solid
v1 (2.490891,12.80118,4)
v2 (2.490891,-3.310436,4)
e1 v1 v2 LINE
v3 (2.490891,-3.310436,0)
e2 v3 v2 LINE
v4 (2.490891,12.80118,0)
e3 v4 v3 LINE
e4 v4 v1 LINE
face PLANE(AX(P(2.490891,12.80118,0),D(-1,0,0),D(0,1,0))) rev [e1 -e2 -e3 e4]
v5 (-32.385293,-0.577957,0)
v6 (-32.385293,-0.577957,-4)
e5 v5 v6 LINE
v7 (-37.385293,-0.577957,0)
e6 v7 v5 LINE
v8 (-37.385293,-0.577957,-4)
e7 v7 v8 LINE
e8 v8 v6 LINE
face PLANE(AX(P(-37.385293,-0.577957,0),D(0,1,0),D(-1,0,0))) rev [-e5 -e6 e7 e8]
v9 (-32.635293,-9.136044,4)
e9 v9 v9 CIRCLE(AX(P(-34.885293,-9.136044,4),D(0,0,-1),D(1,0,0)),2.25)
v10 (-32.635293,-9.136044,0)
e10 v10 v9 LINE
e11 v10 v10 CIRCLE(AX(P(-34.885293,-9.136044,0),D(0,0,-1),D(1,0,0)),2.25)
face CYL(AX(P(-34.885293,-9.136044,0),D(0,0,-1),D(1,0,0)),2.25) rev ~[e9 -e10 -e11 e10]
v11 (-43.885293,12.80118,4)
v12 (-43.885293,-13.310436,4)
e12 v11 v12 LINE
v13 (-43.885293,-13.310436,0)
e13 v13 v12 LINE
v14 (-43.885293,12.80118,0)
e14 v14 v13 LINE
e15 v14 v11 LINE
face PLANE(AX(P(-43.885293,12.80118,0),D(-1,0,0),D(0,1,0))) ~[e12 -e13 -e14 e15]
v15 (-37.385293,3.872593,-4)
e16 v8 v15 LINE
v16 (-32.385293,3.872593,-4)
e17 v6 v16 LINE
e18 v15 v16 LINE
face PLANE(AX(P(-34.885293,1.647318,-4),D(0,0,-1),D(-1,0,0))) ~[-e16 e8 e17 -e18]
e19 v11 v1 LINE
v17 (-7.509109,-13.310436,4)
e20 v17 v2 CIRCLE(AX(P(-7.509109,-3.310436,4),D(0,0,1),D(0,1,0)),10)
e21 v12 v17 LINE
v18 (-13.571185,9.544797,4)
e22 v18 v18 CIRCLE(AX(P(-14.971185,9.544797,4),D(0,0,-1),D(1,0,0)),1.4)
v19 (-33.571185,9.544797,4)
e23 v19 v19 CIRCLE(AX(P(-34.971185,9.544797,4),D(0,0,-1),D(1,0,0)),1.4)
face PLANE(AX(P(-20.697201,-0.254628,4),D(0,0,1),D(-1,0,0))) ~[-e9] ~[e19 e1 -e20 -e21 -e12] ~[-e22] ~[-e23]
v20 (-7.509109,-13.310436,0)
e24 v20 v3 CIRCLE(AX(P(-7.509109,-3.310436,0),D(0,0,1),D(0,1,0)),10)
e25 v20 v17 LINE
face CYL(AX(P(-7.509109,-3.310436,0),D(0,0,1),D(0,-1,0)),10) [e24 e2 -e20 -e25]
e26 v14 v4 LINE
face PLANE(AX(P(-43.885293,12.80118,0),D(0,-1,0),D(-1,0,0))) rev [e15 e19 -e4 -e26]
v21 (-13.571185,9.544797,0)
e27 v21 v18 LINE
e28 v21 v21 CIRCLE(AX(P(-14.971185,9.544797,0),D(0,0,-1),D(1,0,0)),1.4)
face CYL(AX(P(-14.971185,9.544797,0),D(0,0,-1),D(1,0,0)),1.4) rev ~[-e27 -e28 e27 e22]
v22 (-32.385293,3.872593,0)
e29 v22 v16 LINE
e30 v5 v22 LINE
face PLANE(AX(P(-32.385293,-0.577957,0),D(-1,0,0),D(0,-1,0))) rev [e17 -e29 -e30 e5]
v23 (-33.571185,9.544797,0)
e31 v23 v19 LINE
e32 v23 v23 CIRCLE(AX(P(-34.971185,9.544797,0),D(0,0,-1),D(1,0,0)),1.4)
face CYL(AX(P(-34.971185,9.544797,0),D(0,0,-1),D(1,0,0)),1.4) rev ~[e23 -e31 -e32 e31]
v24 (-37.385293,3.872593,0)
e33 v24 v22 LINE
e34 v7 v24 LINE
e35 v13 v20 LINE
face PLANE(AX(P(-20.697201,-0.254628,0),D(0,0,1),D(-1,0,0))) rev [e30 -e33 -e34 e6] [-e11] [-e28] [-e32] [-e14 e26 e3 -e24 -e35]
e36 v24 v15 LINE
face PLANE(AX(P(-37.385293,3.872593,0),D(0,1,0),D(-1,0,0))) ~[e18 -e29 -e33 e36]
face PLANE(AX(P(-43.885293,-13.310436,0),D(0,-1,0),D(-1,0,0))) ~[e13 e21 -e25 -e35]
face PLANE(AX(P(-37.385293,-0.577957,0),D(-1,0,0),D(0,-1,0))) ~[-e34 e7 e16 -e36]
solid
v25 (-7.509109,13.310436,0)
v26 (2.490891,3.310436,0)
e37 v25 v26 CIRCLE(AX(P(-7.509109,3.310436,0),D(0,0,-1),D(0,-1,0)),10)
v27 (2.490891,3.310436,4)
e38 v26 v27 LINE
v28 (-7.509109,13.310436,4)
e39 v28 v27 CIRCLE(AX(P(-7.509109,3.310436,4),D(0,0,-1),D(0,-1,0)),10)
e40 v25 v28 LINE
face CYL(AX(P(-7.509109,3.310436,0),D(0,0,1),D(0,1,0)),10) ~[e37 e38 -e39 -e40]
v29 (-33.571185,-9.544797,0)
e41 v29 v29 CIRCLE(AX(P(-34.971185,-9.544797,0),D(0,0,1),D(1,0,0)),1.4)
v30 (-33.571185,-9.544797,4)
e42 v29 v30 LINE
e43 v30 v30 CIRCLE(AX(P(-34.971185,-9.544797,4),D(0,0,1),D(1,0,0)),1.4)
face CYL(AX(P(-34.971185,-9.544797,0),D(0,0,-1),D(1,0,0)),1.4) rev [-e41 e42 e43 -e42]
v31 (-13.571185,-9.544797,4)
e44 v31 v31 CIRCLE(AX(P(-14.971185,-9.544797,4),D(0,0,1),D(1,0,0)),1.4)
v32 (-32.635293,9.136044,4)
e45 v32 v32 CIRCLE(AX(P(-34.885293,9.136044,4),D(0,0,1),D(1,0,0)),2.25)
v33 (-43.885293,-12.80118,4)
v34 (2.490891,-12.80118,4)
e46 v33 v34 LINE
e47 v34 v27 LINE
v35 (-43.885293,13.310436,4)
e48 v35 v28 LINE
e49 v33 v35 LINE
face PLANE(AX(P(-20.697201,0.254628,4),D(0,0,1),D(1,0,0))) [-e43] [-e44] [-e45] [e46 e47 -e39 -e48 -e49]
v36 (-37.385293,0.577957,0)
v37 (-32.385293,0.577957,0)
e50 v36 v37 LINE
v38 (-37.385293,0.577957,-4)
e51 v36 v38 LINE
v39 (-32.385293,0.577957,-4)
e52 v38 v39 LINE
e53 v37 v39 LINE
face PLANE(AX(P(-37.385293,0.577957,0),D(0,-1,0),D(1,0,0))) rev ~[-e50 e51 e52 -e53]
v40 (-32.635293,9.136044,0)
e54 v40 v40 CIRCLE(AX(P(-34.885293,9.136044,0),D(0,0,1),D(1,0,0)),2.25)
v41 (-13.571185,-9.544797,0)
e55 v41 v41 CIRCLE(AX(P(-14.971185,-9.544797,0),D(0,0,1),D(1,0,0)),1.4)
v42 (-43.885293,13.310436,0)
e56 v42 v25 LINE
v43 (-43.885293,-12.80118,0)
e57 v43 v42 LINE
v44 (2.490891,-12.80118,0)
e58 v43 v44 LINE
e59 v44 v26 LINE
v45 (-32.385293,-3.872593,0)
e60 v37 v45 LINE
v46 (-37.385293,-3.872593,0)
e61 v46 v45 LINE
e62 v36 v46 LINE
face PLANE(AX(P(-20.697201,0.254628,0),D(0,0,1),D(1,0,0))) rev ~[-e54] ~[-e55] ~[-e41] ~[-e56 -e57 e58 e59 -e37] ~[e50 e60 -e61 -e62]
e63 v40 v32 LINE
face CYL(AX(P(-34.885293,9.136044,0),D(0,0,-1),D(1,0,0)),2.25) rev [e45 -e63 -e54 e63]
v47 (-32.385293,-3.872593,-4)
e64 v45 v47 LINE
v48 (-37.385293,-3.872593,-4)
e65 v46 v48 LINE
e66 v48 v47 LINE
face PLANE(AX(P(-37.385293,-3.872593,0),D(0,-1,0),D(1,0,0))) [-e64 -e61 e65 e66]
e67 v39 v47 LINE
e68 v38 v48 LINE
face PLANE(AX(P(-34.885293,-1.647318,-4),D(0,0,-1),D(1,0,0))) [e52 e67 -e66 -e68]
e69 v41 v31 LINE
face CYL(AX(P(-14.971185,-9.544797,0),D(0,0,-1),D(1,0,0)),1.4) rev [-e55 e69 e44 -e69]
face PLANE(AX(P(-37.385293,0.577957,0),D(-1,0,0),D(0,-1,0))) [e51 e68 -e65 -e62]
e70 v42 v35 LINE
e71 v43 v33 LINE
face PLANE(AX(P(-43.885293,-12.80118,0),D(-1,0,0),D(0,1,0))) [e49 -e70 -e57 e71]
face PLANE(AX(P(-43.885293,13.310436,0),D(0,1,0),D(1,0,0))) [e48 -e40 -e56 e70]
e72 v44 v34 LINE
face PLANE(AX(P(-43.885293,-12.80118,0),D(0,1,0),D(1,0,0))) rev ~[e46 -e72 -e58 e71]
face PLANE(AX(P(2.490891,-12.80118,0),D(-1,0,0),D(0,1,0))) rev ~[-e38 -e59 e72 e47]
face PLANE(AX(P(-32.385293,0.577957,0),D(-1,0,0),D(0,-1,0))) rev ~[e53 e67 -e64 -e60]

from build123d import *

# Parameters (mm, degrees)
F0_W     = 46.376184
F0_H     = 26.111616
F0_R     = 1.4
F0_R_2   = 2.25
F1_DEPTH = 4
F2_W     = 5
F2_H     = 4.45055
F3_DEPTH = 4
F4_R     = 10


with BuildPart() as f1:
    # F0 (on Top) → F1 (new body)
    with BuildSketch(Plane.XY):
        with Locations((-20.697201, 0.254628)):
            Rectangle(F0_W, F0_H)
        with Locations((-34.971185, -9.544797)):
            Circle(F0_R, mode=Mode.SUBTRACT)
        with Locations((-14.971185, -9.544797)):
            Circle(F0_R, mode=Mode.SUBTRACT)
        with Locations((-34.885293, 9.136044)):
            Circle(F0_R_2, mode=Mode.SUBTRACT)
    extrude(amount=F1_DEPTH)

    # F2 (on face) → F3 (join)
    with BuildSketch(Plane(origin=(0, 0, 0), x_dir=(1, 0, 0), z_dir=(0, 0, -1))):
        with Locations((-34.885293, 1.647318)):
            Rectangle(F2_W, F2_H)
    extrude(amount=F3_DEPTH)

    # F4
    f4_edges = [f1.edges().sort_by_distance(p)[0] for p in [
        (2.490891, 13.310436, 2),
    ]]
    fillet(f4_edges, radius=F4_R)


with BuildPart() as f5_1:
    # F5: instance of F1
    add(f1.part.mirror(Plane.XZ))


solid = Compound([f1.part, f5_1.part])
